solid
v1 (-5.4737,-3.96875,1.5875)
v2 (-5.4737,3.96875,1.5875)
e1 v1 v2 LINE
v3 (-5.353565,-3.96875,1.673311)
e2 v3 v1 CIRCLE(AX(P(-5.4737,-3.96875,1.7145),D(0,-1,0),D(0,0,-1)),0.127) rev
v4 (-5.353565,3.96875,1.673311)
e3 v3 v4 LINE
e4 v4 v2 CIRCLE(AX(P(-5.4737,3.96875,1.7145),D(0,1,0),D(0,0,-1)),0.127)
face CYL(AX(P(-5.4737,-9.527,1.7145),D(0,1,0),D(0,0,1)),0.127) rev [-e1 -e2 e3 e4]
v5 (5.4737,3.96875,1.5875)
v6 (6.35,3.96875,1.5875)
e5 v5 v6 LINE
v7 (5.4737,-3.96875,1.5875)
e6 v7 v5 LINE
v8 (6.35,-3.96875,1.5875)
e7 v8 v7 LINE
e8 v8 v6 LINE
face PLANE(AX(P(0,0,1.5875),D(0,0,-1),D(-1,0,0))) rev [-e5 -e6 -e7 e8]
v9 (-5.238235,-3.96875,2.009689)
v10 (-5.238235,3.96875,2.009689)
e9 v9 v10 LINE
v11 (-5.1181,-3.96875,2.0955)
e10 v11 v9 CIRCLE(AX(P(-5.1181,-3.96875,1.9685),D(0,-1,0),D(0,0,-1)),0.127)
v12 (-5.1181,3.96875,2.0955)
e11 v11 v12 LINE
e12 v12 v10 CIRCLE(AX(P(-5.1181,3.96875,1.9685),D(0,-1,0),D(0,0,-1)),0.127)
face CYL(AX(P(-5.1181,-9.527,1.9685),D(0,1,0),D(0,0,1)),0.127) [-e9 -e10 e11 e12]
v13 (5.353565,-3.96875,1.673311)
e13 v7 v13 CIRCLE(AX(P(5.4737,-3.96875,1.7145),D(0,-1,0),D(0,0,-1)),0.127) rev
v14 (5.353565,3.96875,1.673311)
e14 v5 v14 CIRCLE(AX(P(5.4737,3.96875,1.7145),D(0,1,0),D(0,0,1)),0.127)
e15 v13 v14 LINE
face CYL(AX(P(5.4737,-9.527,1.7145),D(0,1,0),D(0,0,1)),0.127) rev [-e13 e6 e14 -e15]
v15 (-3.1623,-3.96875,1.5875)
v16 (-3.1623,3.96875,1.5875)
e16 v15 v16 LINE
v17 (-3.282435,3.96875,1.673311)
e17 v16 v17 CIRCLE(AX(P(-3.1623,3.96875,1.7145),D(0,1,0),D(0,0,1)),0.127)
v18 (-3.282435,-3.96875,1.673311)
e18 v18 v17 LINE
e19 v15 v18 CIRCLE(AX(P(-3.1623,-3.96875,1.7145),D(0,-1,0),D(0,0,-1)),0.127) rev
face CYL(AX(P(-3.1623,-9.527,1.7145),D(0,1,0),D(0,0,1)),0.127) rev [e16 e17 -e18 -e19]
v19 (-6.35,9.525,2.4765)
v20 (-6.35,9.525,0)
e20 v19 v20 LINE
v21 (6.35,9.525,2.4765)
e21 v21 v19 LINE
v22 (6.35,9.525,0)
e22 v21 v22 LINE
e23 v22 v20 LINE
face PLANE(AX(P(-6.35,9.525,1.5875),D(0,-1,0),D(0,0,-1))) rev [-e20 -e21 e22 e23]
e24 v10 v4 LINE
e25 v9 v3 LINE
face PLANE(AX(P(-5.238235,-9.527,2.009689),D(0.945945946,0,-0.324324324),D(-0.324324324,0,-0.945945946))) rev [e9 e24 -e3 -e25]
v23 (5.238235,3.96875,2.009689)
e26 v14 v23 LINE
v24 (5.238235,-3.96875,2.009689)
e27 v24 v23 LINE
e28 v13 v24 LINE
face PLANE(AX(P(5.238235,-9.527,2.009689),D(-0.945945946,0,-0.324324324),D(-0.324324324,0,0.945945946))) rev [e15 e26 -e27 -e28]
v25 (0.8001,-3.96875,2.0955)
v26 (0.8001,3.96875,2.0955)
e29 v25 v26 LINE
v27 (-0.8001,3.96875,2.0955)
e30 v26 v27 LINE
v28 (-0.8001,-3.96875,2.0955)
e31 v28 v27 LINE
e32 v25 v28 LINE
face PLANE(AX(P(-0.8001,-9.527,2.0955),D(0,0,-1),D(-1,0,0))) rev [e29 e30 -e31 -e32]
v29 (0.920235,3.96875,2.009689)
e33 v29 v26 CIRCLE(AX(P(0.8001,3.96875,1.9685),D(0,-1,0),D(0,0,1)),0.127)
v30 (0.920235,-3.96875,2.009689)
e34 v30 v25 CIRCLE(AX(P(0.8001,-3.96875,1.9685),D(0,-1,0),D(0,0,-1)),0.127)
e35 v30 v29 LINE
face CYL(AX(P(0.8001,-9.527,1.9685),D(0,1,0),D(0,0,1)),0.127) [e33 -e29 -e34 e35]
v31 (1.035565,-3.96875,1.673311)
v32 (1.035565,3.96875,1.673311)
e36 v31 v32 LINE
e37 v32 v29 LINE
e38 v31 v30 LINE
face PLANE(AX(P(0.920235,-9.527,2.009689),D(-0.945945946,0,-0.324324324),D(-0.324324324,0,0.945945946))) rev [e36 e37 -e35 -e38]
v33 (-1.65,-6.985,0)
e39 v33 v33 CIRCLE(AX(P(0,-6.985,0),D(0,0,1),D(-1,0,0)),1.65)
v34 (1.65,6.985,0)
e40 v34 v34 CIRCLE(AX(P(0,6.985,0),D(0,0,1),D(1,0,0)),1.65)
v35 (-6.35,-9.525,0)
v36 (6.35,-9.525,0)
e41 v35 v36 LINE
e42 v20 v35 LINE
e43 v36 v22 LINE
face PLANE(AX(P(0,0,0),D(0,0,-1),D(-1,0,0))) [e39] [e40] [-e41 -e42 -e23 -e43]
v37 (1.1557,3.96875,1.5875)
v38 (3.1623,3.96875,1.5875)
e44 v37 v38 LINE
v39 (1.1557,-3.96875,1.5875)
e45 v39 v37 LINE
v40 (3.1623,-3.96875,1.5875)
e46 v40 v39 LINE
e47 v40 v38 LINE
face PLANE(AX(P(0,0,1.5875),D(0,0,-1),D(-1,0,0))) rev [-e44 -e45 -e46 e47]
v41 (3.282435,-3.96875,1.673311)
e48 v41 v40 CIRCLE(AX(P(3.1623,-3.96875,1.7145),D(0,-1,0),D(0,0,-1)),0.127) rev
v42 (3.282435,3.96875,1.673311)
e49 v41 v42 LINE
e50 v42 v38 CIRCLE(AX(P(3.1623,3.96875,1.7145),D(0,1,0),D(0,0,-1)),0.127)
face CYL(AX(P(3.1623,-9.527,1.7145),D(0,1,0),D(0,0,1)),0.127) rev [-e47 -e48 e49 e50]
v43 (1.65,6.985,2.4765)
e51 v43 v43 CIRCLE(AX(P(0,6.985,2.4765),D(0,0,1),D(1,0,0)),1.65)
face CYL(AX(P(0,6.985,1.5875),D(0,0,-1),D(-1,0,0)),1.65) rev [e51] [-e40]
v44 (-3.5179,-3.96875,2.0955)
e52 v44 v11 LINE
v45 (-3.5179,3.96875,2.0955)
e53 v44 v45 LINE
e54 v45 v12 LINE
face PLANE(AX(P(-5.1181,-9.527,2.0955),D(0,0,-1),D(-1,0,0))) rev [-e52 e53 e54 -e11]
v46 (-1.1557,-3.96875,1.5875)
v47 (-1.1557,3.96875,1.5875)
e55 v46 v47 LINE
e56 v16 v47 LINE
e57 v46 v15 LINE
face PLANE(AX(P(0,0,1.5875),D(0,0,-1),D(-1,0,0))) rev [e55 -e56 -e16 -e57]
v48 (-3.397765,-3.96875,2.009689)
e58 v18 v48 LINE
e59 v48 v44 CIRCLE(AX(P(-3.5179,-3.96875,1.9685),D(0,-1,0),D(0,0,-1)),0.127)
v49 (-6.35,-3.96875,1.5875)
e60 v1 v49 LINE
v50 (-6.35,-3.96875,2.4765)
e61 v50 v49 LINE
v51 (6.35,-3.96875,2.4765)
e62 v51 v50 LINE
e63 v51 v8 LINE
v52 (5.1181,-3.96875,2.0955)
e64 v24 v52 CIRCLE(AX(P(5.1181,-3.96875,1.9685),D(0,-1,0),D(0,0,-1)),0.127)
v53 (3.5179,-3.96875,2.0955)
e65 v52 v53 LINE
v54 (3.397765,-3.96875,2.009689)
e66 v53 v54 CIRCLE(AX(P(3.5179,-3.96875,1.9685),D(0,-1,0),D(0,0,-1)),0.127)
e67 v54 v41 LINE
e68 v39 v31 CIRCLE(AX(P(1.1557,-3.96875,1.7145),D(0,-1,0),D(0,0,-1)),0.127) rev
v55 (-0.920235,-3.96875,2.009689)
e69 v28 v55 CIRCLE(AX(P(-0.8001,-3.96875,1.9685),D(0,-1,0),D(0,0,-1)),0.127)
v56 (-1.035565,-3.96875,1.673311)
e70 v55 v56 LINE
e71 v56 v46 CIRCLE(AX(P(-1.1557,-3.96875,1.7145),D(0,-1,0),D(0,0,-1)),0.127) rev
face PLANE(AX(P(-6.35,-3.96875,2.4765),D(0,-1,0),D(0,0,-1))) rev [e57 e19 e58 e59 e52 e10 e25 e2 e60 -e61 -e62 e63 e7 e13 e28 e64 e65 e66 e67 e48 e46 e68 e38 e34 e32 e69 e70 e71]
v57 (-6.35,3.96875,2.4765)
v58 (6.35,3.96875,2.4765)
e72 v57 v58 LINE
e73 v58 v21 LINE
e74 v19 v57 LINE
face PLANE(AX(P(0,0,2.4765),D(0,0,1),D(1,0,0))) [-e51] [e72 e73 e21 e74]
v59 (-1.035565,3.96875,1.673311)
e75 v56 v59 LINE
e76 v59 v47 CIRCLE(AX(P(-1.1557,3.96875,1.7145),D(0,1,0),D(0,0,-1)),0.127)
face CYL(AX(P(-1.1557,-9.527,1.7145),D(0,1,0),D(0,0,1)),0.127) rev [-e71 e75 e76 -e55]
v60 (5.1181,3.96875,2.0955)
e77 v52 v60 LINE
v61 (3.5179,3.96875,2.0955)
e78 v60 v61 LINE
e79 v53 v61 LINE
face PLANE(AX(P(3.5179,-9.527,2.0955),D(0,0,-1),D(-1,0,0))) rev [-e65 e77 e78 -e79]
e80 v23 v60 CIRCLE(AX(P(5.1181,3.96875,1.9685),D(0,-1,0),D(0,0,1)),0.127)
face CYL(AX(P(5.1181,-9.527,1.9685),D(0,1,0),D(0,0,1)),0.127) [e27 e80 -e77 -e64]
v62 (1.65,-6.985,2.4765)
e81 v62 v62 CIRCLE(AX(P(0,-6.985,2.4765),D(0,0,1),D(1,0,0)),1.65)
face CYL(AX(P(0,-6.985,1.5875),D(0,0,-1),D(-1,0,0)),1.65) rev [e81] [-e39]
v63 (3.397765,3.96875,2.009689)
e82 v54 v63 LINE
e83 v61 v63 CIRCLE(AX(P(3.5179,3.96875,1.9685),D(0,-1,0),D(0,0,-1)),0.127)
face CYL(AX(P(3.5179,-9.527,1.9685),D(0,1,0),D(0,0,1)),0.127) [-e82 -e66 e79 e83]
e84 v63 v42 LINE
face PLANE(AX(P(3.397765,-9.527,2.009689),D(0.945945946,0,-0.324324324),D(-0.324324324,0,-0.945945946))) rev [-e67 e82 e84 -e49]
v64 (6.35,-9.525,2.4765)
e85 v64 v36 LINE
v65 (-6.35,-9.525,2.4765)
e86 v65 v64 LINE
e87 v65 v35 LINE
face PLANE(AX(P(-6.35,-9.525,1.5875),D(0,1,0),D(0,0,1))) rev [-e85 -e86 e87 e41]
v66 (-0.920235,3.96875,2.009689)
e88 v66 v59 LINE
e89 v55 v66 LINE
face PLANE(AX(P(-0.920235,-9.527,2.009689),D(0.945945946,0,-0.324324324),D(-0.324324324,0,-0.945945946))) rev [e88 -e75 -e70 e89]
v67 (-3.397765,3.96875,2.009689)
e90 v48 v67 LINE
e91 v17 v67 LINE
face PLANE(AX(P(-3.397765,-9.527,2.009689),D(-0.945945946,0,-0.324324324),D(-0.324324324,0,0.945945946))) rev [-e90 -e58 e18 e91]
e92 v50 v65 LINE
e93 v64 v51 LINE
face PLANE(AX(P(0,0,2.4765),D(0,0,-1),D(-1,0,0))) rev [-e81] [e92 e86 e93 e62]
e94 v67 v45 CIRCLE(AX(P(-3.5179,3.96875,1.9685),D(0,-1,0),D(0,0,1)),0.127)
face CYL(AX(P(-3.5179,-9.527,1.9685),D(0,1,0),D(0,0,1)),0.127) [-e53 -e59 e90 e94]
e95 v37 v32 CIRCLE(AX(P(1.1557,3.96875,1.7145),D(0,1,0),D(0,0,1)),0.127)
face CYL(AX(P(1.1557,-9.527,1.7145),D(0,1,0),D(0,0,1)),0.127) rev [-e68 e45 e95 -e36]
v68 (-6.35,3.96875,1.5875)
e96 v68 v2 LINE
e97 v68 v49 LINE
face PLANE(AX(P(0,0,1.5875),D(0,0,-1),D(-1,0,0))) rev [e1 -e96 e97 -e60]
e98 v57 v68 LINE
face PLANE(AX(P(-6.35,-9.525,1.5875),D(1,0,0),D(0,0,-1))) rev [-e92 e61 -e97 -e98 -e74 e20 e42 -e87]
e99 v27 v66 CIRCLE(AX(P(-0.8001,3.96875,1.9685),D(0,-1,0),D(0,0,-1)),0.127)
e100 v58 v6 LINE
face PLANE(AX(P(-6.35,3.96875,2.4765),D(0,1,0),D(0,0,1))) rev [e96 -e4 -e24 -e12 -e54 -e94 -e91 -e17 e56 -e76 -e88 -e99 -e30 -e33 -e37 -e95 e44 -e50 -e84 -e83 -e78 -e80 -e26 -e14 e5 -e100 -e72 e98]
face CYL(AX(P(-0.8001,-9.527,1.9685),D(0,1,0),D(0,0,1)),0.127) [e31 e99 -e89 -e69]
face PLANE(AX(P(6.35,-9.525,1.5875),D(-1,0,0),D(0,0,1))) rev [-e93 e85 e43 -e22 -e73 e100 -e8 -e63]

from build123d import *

# Parameters (mm, degrees)
SKETCH1_W           = 12.7
SKETCH1_H           = 19.05
SKETCH1_R           = 1.65
BOSS_EXTRUDE1_DEPTH = 1.5875
SKETCH2_W           = 12.7
SKETCH2_H           = 5.55625
SKETCH2_R           = 1.65
BOSS_EXTRUDE2_DEPTH = 0.889
BOSS_EXTRUDE3_REACH = 17.117
LPATTERN1_COUNT     = 2
LPATTERN1_PITCH     = 4.318
LPATTERN1_COL_COUNT = 2
LPATTERN1_COL_PITCH = 4.318


with BuildPart() as part:
    # Sketch1 → Boss-Extrude1 (new body)
    with BuildSketch(Plane.XY):
        Rectangle(SKETCH1_W, SKETCH1_H)
        with Locations((0, 6.985)):
            Circle(SKETCH1_R, mode=Mode.SUBTRACT)
        with Locations(Location((0, -6.985, 0), (0, 0, 180))):
            Circle(SKETCH1_R, mode=Mode.SUBTRACT)
    extrude(amount=BOSS_EXTRUDE1_DEPTH)

    # Sketch2 → Boss-Extrude2 (add)
    # profile 1 of 2: a face of its own
    with BuildSketch(Plane.XY.offset(1.5875)):
        with Locations((0, -6.746875)):
            Rectangle(SKETCH2_W, SKETCH2_H)
        with Locations(Location((0, -6.985, 0), (0, 0, 180))):
            Circle(SKETCH2_R, mode=Mode.SUBTRACT)
    # profile 2 of 2: a face of its own
    with BuildSketch(Plane.XY.offset(1.5875)):
        with Locations((0, 6.746875)):
            Rectangle(SKETCH2_W, SKETCH2_H)
        with Locations((0, 6.985)):
            Circle(SKETCH2_R, mode=Mode.SUBTRACT)
    extrude(amount=BOSS_EXTRUDE2_DEPTH)

    # Sketch3 → Boss-Extrude3 (add, up to next)
    with BuildSketch(Plane.XZ.offset(-3.96875), mode=Mode.PRIVATE) as boss_extrude3_sk1:
        with BuildLine():
            Line((-0.8001, 2.0955), (0.8001, 2.0955))
            ThreePointArc((0.8001, 2.0955), (0.873917251, 2.071844151), (0.920235135, 2.009689189))
            Line((0.920235135, 2.009689189), (1.035564865, 1.673310811))
            ThreePointArc((1.035564865, 1.673310811), (1.081882749, 1.611155849), (1.1557, 1.5875))
            Line((1.1557, 1.5875), (-1.1557, 1.5875))
            ThreePointArc((-1.1557, 1.5875), (-1.081882749, 1.611155849), (-1.035564865, 1.673310811))
            Line((-1.035564865, 1.673310811), (-0.920235135, 2.009689189))
            ThreePointArc((-0.920235135, 2.009689189), (-0.873917251, 2.071844151), (-0.8001, 2.0955))
        make_face()
    boss_extrude3_tool1 = extrude(boss_extrude3_sk1.sketch, amount=BOSS_EXTRUDE3_REACH, mode=Mode.PRIVATE) - part.part
    boss_extrude3 = boss_extrude3_tool1.solids().sort_by_distance((0, 3.96875, 1.832521))[0]
    add(boss_extrude3)

    # LPattern1: Boss-Extrude3 ×2
    with Locations(*[(i * LPATTERN1_PITCH, 0, 0) for i in range(1, LPATTERN1_COUNT)]):
        add(boss_extrude3)

    # LPattern1 col: Boss-Extrude3 ×2
    with Locations(*[(-i * LPATTERN1_COL_PITCH, 0, 0) for i in range(1, LPATTERN1_COL_COUNT)]):
        add(boss_extrude3)


solid = part.part
